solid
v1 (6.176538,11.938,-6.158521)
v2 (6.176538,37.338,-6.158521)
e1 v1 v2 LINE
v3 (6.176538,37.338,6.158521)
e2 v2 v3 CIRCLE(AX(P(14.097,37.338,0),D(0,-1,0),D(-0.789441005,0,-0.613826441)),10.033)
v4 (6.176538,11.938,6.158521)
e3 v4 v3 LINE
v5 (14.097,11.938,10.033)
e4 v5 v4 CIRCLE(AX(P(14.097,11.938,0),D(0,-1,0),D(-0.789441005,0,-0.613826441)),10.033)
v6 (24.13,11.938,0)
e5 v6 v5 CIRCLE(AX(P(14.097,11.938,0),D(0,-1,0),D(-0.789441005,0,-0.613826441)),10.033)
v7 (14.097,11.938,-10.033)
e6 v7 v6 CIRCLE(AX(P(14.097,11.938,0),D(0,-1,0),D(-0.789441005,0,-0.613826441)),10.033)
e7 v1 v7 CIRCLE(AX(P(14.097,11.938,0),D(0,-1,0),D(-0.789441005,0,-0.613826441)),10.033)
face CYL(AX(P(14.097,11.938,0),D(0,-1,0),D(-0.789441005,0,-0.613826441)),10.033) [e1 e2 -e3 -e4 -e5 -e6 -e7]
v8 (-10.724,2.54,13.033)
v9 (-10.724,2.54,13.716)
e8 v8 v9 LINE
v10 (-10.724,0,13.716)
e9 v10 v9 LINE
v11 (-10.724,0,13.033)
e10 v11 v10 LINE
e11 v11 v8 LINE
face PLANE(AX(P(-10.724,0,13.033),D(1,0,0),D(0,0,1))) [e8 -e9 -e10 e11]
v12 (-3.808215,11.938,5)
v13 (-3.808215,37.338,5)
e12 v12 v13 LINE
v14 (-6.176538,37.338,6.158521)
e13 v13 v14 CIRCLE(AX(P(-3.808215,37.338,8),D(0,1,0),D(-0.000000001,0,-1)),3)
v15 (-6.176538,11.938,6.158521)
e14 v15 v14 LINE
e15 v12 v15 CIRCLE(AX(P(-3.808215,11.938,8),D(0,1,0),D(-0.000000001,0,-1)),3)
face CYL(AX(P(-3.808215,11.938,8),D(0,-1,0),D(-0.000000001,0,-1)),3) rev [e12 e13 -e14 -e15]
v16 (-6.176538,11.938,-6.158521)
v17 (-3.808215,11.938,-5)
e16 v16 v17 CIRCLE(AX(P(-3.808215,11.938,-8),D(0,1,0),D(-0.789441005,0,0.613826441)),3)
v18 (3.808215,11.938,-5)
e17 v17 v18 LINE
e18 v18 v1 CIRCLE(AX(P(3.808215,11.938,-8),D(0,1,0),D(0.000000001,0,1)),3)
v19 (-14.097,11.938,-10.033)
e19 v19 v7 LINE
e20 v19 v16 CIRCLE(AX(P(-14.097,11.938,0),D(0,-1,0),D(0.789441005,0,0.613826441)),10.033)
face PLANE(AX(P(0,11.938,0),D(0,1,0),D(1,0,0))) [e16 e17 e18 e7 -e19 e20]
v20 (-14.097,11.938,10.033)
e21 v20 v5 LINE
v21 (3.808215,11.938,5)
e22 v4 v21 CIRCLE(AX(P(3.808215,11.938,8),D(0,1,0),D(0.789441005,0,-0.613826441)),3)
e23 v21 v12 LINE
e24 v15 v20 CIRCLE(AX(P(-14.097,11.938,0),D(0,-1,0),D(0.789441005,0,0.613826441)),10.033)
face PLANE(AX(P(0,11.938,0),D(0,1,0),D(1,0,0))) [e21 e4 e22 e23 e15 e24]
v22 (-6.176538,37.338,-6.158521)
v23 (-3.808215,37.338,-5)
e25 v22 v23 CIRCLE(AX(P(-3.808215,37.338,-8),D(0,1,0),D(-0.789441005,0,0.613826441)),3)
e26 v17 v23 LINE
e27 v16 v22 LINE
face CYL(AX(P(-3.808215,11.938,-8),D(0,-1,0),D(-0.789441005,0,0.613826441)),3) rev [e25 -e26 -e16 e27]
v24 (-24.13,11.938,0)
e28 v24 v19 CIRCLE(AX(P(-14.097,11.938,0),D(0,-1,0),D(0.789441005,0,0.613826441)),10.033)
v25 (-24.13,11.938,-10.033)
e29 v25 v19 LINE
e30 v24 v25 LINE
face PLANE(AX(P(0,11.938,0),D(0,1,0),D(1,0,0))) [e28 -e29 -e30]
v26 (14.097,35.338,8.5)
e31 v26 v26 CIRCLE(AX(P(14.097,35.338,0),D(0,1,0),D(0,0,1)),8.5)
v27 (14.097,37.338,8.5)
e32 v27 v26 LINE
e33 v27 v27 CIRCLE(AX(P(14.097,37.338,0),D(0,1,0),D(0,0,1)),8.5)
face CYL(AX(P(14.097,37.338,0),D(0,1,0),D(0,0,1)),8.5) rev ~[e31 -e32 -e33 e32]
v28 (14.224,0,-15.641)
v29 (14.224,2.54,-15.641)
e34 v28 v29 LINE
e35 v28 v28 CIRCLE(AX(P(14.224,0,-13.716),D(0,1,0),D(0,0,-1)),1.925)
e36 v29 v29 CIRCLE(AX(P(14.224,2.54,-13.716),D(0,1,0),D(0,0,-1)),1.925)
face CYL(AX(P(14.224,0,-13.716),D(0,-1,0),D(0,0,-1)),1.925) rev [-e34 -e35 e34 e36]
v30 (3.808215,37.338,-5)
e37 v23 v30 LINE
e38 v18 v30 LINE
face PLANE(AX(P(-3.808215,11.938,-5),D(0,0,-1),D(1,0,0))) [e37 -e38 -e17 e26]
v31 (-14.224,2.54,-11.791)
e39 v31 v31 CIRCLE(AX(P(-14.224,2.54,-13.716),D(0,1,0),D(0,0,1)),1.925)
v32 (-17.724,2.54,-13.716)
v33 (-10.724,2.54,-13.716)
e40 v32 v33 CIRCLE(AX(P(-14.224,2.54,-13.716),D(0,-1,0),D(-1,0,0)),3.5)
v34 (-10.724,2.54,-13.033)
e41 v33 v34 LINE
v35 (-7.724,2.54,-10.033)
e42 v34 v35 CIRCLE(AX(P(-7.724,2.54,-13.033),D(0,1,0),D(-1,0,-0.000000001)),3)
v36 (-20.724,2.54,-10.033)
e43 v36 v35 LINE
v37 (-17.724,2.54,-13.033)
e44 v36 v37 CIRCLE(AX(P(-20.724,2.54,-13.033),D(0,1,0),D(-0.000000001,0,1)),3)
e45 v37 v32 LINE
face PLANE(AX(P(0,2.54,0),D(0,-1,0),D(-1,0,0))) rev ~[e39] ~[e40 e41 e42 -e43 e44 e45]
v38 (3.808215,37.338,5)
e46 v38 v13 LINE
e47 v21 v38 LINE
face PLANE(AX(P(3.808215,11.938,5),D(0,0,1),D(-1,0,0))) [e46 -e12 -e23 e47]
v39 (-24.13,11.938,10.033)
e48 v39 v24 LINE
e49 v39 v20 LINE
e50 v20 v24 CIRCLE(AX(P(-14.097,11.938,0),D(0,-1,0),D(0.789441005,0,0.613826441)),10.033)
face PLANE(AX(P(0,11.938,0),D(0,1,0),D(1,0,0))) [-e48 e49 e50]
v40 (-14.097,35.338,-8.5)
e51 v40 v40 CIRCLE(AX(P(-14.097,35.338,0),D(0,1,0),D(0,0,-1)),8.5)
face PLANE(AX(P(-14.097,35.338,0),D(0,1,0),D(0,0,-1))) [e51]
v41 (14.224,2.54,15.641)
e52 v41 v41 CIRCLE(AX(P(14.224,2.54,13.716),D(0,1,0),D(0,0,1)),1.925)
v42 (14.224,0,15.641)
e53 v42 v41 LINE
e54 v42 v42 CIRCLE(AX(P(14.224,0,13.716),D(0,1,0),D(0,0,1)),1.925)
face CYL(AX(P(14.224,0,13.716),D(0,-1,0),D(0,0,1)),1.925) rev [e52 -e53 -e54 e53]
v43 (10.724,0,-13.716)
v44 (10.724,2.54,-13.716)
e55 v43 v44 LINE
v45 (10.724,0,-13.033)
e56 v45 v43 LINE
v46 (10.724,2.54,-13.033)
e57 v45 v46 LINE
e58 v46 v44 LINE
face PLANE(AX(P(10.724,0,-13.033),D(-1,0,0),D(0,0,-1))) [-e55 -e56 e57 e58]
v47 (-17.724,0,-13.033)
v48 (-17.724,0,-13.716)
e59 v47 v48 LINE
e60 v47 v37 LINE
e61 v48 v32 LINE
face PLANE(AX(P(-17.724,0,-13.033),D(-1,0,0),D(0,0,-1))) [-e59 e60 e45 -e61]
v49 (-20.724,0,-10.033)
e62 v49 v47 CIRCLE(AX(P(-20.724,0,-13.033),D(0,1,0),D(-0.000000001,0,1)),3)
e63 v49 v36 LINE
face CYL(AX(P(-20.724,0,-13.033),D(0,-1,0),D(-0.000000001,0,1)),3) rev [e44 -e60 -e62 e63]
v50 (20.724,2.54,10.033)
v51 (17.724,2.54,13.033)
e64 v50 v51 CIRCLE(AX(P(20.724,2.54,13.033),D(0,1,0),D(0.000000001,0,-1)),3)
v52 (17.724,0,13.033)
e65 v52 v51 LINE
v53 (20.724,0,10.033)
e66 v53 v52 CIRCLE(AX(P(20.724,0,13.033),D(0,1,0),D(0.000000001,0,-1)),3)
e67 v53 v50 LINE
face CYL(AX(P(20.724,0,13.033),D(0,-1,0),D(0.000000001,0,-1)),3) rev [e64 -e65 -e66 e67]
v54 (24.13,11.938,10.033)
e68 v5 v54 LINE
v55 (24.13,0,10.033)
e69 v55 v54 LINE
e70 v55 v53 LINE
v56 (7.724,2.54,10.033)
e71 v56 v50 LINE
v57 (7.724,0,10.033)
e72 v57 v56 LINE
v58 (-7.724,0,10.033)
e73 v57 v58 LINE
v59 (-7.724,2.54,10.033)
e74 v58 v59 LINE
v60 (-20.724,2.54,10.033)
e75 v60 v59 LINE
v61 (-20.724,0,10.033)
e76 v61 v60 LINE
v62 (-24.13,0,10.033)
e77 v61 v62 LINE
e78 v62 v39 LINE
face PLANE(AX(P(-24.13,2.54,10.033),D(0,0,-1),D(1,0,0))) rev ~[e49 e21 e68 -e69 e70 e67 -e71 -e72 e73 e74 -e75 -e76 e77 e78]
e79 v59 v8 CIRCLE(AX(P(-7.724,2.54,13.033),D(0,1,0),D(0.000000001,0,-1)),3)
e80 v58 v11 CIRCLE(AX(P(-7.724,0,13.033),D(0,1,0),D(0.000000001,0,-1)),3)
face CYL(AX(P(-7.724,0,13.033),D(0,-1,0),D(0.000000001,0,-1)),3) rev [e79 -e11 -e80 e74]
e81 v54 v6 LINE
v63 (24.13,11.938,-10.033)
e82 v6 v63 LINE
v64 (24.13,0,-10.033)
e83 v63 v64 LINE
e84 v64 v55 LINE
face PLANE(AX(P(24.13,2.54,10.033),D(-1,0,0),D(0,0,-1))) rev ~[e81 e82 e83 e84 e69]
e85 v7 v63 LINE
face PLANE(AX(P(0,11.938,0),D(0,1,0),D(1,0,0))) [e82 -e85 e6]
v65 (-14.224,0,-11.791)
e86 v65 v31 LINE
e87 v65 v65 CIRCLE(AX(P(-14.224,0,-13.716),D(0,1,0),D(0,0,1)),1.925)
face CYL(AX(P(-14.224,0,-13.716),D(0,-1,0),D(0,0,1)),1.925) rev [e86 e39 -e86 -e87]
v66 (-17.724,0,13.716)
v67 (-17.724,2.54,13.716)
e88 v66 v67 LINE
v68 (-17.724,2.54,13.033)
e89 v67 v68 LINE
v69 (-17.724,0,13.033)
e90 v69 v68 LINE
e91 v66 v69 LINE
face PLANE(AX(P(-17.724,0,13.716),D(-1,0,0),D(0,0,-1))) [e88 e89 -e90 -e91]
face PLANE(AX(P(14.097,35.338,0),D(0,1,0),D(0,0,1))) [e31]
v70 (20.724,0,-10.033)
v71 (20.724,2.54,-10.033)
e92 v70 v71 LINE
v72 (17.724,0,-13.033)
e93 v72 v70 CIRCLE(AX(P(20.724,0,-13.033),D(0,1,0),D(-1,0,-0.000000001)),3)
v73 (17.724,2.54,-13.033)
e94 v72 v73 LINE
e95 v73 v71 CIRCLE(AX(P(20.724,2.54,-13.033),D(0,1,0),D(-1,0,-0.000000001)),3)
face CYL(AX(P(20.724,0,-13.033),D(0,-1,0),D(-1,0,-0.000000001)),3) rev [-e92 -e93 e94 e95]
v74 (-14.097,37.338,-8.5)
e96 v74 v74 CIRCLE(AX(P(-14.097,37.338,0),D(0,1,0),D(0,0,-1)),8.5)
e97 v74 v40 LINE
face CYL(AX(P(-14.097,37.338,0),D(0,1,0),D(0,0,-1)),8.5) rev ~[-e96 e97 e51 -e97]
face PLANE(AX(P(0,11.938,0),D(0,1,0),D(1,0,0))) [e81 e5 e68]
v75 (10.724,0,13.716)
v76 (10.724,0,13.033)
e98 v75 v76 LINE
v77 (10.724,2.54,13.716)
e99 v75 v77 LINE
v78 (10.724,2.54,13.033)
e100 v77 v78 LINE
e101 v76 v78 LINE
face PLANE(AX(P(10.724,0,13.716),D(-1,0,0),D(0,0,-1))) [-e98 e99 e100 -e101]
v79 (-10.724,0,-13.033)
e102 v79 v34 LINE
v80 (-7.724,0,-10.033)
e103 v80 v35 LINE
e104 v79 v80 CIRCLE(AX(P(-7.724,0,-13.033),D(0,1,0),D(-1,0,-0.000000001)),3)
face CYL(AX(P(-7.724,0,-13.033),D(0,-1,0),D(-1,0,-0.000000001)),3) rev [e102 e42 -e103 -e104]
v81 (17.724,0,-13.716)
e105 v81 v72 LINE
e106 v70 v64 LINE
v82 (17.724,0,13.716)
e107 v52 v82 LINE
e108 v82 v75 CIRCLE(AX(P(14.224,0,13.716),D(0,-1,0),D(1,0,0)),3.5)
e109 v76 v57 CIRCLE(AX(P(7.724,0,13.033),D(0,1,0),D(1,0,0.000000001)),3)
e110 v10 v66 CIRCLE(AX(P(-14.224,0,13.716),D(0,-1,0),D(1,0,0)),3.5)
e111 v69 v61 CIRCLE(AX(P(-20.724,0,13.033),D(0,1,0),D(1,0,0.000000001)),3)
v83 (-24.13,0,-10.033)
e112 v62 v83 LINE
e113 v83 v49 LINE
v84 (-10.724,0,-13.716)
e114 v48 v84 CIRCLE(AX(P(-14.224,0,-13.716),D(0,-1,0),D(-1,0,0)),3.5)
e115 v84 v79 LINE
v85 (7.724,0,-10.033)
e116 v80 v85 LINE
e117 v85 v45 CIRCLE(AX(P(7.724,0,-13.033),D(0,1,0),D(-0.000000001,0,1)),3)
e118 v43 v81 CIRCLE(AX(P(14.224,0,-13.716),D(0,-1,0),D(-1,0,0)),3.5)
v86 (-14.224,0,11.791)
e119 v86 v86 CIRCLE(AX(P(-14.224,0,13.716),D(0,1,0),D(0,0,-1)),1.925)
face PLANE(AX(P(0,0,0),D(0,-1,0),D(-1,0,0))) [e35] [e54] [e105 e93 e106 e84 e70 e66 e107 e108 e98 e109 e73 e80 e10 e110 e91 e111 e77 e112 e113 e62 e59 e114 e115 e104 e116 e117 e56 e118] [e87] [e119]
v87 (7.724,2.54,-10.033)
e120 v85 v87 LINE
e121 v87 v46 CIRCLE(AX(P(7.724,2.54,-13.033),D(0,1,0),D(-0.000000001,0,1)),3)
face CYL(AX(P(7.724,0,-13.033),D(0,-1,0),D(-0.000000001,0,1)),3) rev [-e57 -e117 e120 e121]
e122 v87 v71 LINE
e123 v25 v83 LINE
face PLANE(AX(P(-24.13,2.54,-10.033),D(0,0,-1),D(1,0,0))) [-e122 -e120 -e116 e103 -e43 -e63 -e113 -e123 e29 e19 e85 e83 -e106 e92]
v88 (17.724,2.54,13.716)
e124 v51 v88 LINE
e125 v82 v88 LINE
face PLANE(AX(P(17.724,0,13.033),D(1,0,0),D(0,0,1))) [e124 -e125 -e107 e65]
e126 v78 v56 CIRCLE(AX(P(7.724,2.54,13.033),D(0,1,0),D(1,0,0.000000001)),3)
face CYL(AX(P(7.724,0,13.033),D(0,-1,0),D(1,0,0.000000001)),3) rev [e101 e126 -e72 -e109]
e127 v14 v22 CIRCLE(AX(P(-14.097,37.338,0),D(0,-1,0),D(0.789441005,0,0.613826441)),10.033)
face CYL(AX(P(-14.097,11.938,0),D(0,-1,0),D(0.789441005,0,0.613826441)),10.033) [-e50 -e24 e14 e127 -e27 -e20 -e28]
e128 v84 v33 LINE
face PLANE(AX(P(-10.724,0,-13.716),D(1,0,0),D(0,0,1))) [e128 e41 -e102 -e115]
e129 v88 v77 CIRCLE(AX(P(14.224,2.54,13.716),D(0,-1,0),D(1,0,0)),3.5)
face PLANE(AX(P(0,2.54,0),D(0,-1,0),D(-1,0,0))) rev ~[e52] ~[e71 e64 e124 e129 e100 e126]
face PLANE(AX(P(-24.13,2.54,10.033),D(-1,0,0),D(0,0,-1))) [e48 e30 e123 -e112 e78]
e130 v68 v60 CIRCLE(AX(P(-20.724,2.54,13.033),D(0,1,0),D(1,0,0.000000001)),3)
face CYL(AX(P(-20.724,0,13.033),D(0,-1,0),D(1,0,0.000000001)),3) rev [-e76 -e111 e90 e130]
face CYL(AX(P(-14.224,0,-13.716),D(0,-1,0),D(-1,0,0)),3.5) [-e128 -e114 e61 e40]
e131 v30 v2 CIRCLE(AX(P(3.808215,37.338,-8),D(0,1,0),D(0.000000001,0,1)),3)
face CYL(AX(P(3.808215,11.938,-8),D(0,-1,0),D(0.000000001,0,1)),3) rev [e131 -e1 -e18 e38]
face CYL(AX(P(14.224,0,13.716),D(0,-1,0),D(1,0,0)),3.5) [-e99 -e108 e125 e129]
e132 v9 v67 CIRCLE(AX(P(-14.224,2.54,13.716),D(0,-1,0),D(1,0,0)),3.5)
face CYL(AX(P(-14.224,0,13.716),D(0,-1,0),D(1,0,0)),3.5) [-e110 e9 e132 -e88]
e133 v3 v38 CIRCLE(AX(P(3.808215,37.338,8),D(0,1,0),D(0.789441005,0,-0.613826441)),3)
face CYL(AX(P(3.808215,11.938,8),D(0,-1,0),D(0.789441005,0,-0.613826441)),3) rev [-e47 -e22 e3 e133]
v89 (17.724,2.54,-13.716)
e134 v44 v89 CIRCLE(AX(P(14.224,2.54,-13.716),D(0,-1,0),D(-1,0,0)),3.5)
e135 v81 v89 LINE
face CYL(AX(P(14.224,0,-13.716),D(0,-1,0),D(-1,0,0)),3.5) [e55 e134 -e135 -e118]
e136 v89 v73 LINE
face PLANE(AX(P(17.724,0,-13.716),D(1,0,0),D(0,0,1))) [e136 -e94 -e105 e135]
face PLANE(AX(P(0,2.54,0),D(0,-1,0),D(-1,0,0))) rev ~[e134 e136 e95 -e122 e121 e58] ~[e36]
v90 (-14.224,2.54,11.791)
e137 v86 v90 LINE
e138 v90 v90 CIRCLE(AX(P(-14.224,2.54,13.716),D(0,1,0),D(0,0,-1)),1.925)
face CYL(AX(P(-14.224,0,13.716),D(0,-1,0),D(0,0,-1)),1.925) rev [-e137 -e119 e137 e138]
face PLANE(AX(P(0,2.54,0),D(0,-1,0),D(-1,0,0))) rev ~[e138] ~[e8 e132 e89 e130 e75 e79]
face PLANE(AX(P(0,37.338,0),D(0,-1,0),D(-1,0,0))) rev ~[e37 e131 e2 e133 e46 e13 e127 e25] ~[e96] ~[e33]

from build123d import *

# Parameters (mm, degrees)
SKETCH1_R           = 1.925
BOSS_EXTRUDE1_DEPTH = 2.54
SKETCH2_W           = 48.26
SKETCH2_H           = 20.066
BOSS_EXTRUDE2_DEPTH = 9.398
BOSS_EXTRUDE3_DEPTH = 25.4
SKETCH4_R           = 8.5
CUT_EXTRUDE1_DEPTH  = 2


with BuildPart() as part:
    # Sketch1 → Boss-Extrude1 (new body)
    with BuildSketch(Plane(origin=(0, 0, 0), x_dir=(1, 0, 0), z_dir=(0, 1, 0))):
        with BuildLine():
            Line((-24.13, 10.033), (-20.724, 10.033))
            ThreePointArc((-20.724, 10.033), (-18.602679656, 10.911679656), (-17.724, 13.033))
            Line((-17.724, 13.033), (-17.724, 13.716))
            ThreePointArc((-17.724, 13.716), (-14.224, 17.216), (-10.724, 13.716))
            Line((-10.724, 13.716), (-10.724, 13.033))
            ThreePointArc((-10.724, 13.033), (-9.845320344, 10.911679656), (-7.724, 10.033))
            Line((-7.724, 10.033), (7.724, 10.033))
            ThreePointArc((7.724, 10.033), (9.845320344, 10.911679656), (10.724, 13.033))
            Line((10.724, 13.033), (10.724, 13.716))
            ThreePointArc((10.724, 13.716), (14.224, 17.216), (17.724, 13.716))
            Line((17.724, 13.716), (17.724, 13.033))
            ThreePointArc((17.724, 13.033), (18.602679656, 10.911679656), (20.724, 10.033))
            Line((20.724, 10.033), (24.13, 10.033))
            Line((24.13, 10.033), (24.13, -10.033))
            Line((24.13, -10.033), (20.724, -10.033))
            ThreePointArc((20.724, -10.033), (18.602679656, -10.911679656), (17.724, -13.033))
            Line((17.724, -13.033), (17.724, -13.716))
            ThreePointArc((17.724, -13.716), (14.224, -17.216), (10.724, -13.716))
            Line((10.724, -13.716), (10.724, -13.033))
            ThreePointArc((10.724, -13.033), (9.845320344, -10.911679656), (7.724, -10.033))
            Line((7.724, -10.033), (-7.724, -10.033))
            ThreePointArc((-7.724, -10.033), (-9.845320344, -10.911679656), (-10.724, -13.033))
            Line((-10.724, -13.033), (-10.724, -13.716))
            ThreePointArc((-10.724, -13.716), (-14.224, -17.216), (-17.724, -13.716))
            Line((-17.724, -13.716), (-17.724, -13.033))
            ThreePointArc((-17.724, -13.033), (-18.602679656, -10.911679656), (-20.724, -10.033))
            Line((-20.724, -10.033), (-24.13, -10.033))
            Line((-24.13, -10.033), (-24.13, 10.033))
        make_face()
        with Locations(Location((-14.224, 13.716, 0), (0, 0, 270))):
            Circle(SKETCH1_R, mode=Mode.SUBTRACT)
        with Locations(Location((-14.224, -13.716, 0), (0, 0, 90))):
            Circle(SKETCH1_R, mode=Mode.SUBTRACT)
        with Locations(Location((14.224, -13.716, 0), (0, 0, 270))):
            Circle(SKETCH1_R, mode=Mode.SUBTRACT)
        with Locations(Location((14.224, 13.716, 0), (0, 0, 90))):
            Circle(SKETCH1_R, mode=Mode.SUBTRACT)
    extrude(amount=BOSS_EXTRUDE1_DEPTH)

    # Sketch2 → Boss-Extrude2 (add)
    with BuildSketch(Plane(origin=(0, 2.54, 0), x_dir=(1, 0, 0), z_dir=(0, 1, 0))):
        Rectangle(SKETCH2_W, SKETCH2_H)
    extrude(amount=BOSS_EXTRUDE2_DEPTH)

    # Sketch3 → Boss-Extrude3 (add)
    with BuildSketch(Plane(origin=(0, 11.938, 0), x_dir=(1, 0, 0), z_dir=(0, 1, 0))):
        with BuildLine():
            Line((-3.808215378, 5), (3.808215378, 5))
            ThreePointArc((3.808215378, 5), (5.126464602, 5.305149544), (6.176538394, 6.158520678))
            ThreePointArc((6.176538394, 6.158520678), (24.13, 0), (6.176538394, -6.158520678))
            ThreePointArc((6.176538394, -6.158520678), (5.126464602, -5.305149544), (3.808215378, -5))
            Line((3.808215378, -5), (-3.808215378, -5))
            ThreePointArc((-3.808215378, -5), (-5.126464602, -5.305149544), (-6.176538394, -6.158520678))
            ThreePointArc((-6.176538394, -6.158520678), (-24.13, 0), (-6.176538394, 6.158520678))
            ThreePointArc((-6.176538394, 6.158520678), (-5.126464602, 5.305149544), (-3.808215378, 5))
        make_face()
    extrude(amount=BOSS_EXTRUDE3_DEPTH)

    # Sketch4 → Cut-Extrude1 (cut)
    with BuildSketch(Plane(origin=(0, 37.338, 0), x_dir=(1, 0, 0), z_dir=(0, 1, 0))):
        with Locations(Location((14.097, 0, 0), (0, 0, 270))):
            Circle(SKETCH4_R)
        with Locations(Location((-14.097, 0, 0), (0, 0, 90))):
            Circle(SKETCH4_R)
    extrude(amount=-CUT_EXTRUDE1_DEPTH, mode=Mode.SUBTRACT)


solid = part.part
